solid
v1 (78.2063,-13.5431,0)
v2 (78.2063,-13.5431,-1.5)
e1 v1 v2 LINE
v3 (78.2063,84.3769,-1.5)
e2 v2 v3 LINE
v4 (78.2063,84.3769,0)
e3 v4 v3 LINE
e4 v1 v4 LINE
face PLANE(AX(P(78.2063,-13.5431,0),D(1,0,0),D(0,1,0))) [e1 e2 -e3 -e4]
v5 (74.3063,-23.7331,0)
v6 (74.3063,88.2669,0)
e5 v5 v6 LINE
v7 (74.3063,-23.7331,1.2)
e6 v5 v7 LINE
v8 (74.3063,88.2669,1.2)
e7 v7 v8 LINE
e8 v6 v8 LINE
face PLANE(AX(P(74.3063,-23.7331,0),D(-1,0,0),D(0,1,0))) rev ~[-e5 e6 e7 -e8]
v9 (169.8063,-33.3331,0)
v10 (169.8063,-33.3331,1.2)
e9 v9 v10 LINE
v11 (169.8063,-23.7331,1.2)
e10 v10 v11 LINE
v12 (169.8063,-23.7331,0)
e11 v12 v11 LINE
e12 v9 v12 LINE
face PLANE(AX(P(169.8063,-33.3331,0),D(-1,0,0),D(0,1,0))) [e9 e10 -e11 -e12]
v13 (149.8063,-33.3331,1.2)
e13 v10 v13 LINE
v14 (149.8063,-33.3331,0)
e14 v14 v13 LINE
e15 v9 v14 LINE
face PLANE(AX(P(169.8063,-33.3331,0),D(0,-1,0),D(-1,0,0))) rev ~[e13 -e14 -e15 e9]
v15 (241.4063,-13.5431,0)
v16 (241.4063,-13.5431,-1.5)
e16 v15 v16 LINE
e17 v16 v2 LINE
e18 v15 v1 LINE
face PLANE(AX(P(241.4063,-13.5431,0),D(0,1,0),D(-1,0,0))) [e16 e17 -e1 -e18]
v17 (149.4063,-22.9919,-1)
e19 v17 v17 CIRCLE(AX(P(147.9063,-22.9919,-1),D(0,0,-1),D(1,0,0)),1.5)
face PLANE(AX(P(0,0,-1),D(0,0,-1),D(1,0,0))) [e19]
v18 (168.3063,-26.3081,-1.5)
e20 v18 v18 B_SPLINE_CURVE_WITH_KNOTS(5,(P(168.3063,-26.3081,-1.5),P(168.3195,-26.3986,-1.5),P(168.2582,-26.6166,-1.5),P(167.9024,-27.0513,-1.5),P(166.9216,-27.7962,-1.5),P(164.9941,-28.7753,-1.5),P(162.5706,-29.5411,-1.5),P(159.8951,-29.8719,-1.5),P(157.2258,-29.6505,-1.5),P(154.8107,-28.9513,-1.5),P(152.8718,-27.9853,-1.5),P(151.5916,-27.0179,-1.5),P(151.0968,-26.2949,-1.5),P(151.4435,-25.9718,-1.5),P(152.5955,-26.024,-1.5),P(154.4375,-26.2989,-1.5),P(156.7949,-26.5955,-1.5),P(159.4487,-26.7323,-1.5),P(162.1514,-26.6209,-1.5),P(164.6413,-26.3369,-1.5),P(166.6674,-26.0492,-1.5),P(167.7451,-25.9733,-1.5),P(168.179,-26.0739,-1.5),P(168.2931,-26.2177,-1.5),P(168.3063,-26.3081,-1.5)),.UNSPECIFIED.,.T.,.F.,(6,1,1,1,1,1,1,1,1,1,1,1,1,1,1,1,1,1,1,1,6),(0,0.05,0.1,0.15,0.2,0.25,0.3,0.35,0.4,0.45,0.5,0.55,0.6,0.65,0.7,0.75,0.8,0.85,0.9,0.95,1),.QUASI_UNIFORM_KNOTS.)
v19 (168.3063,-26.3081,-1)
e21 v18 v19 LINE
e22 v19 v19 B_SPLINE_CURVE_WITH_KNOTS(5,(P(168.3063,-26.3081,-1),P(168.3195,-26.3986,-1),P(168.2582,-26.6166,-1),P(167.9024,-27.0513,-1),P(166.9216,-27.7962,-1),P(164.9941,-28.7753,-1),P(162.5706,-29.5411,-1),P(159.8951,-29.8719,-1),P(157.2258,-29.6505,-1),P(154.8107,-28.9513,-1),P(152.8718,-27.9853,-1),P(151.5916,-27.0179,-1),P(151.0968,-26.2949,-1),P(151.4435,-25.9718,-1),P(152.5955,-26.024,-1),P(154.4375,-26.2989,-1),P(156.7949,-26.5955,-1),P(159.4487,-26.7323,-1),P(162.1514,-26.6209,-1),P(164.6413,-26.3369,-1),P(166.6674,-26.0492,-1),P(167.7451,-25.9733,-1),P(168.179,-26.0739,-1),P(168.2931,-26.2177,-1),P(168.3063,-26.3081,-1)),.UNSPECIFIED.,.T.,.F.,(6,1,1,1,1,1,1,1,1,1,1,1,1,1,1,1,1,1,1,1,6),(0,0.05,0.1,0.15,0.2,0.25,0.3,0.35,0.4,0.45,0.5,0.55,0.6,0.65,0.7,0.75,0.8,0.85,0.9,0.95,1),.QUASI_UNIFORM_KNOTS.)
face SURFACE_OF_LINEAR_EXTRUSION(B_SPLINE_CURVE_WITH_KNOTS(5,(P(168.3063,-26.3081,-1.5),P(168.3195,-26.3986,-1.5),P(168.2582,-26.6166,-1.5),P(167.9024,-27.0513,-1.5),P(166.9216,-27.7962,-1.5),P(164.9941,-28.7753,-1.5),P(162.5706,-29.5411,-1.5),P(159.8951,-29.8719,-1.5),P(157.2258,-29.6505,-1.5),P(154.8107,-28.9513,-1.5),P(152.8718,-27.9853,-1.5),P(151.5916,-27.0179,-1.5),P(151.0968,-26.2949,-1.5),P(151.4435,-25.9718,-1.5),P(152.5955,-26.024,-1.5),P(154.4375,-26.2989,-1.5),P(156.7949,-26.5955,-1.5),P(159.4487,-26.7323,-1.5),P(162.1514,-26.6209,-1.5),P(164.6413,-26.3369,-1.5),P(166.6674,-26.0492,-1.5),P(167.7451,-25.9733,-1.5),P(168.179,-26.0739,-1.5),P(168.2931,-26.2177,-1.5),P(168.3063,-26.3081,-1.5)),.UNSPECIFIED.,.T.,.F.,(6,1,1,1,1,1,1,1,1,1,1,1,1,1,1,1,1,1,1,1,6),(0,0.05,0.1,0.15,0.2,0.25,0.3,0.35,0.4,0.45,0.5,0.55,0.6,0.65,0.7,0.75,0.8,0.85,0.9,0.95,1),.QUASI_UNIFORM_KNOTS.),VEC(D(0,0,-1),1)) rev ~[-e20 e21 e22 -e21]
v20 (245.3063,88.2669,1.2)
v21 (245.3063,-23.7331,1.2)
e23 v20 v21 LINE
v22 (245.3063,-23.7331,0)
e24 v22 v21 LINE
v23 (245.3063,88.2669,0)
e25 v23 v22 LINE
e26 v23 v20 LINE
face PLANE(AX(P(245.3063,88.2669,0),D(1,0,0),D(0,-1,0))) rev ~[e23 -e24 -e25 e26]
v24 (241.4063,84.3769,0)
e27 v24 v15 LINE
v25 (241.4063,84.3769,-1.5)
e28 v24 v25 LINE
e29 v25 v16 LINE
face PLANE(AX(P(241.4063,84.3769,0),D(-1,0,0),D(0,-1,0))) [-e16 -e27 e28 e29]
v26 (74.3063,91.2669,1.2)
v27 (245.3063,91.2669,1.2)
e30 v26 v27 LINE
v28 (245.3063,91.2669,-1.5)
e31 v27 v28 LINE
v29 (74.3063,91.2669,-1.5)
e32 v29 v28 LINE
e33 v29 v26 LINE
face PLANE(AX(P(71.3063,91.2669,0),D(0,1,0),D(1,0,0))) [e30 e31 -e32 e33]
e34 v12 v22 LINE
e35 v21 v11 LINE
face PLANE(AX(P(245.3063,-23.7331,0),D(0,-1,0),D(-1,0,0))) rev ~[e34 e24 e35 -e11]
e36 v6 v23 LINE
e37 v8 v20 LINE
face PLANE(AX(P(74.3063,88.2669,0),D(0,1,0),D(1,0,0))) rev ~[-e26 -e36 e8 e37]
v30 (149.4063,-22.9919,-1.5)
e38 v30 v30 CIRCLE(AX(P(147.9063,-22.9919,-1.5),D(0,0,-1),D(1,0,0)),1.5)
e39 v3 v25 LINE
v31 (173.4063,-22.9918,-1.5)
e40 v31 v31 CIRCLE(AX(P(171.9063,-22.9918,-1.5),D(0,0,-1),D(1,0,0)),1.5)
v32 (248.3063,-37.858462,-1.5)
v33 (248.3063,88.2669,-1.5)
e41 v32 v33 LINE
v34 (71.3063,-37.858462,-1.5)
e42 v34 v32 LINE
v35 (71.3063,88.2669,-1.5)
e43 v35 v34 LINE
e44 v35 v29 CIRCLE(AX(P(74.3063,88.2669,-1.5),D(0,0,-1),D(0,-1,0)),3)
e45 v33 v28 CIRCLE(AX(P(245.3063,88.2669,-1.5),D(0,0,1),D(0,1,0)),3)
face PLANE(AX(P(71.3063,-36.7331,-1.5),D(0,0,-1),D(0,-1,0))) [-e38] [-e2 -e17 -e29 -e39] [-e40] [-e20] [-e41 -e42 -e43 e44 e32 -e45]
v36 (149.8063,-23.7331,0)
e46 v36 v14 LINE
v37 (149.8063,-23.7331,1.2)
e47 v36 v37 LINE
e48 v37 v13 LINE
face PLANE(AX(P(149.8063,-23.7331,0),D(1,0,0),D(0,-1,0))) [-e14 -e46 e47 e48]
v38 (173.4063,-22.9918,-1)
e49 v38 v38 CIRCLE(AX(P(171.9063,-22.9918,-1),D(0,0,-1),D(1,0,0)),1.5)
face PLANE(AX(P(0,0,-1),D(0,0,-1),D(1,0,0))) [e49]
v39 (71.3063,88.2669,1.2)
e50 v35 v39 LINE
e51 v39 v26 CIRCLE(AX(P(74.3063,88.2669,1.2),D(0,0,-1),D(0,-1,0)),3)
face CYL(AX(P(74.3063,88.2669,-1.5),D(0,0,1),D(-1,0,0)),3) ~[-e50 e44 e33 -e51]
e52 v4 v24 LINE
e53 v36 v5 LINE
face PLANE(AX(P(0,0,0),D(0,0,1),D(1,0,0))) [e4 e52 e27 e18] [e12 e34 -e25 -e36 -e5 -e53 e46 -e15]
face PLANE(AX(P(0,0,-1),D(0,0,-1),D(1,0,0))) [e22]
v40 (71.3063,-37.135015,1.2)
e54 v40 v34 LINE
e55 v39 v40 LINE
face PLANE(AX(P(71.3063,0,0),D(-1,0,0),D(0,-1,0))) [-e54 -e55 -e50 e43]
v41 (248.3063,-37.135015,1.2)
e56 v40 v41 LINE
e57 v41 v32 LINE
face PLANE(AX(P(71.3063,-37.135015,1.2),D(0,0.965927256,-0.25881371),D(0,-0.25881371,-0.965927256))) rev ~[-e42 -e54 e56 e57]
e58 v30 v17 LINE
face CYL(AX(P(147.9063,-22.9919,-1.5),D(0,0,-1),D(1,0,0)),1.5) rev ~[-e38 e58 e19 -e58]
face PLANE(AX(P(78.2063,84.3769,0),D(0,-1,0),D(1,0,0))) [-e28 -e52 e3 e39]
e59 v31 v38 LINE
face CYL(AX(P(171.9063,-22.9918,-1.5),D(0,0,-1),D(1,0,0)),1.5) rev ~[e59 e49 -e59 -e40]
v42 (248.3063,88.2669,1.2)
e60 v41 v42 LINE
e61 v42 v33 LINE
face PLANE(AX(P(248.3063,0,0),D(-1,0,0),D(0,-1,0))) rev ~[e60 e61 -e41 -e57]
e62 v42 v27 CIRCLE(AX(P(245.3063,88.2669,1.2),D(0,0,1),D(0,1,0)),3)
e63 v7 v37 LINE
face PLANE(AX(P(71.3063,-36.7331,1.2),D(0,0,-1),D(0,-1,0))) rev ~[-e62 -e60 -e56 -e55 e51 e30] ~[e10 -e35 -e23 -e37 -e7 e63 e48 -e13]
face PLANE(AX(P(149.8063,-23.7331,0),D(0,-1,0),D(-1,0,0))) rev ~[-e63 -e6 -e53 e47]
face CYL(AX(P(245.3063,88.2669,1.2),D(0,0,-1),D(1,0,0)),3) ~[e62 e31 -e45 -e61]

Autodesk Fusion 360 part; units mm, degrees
sketch "Sketch1" plane through (0, 0, 0) normal (0, 0, 1) x (1, 0, 0)
  line L0 (78.2063, 84.3769) -> (241.4063, 84.3769)
  line L1 (241.4063, 84.3769) -> (241.4063, -13.5431)
  line L2 (241.4063, -13.5431) -> (78.2063, -13.5431)
  line L3 (78.2063, -13.5431) -> (78.2063, 84.3769)
  line L4 (74.7063, 87.8669) -> (244.9063, 87.8669)
  line L5 (244.9063, 87.8669) -> (244.9063, -23.3331)
  line L6 (244.9063, -23.3331) -> (74.7063, -23.3331)
  line L7 (74.7063, -23.3331) -> (74.7063, 87.8669)
  line L8 (74.7063, 87.8669) -> (244.9063, 87.8669)
  line L9 (244.9063, 87.8669) -> (244.9063, -33.3331)
  line L10 (244.9063, -33.3331) -> (74.7063, -33.3331)
  line L11 (74.7063, -33.3331) -> (74.7063, 87.8669)
  line L12 (149.8063, -33.3331) -> (169.8063, -33.3331)
  line L13 (169.8063, -33.3331) -> (169.8063, -23.3331)
  line L14 (169.8063, -23.3331) -> (149.8063, -23.3331)
  line L15 (149.8063, -23.3331) -> (149.8063, -33.3331)
  line L16 (71.3063, 91.2669) -> (248.3063, 91.2669)
  line L17 (248.3063, 91.2669) -> (248.3063, -36.7331)
  line L18 (248.3063, -36.7331) -> (71.3063, -36.7331)
  line L19 (71.3063, -36.7331) -> (71.3063, 91.2669)
  line L20 (74.3063, 88.2669) -> (245.3063, 88.2669)
  line L21 (245.3063, 88.2669) -> (245.3063, -23.7331)
  line L22 (245.3063, -23.7331) -> (74.3063, -23.7331)
  line L23 (74.3063, -23.7331) -> (74.3063, 88.2669)
  dimension "d1" = 97.92
  dimension "d2" = 163.2
  dimension "d3" = 170.2
  dimension "d4" = 3.5
  dimension "d5" = 111.2
  dimension "d6" = 3.49
  dimension "d7" = 10
  dimension "d8" = 20
  dimension "d9" = 75.1
  dimension "d11" = -3.4
  dimension "d34" = -0.4
  dimension "d35" = 75.1
extrude "Extrude1" add sketch "Sketch1" against normal blind 1.5 contours L4 L5 L7 L8 L9 L11 L20 L21 L22 L23 | L4 L5 L6 L7 L8 L9 L11 L14 | L6 L11 L15 L22 | L6 L9 L13 L22 | L6 L13 L14 L15 L22 | L10 L11 L15 L22 | L9 L10 L13 L22 | L10 L12 L13 L15 L22 | L16 L17 L18 L19
extrude "Extrude2" add sketch "Sketch1" along normal blind 1.2 contours L10 L11 L15 L22 | L9 L10 L13 L22 | L16 L17 L18 L19
sketch "Sketch2" plane through (71.3063, 0, 0) normal (-1, 0, 0) x (0, -1, 0)
  line L0 (-91.2669, 1.2) -> (-91.2669, -1.5)
  line L1 (-91.2669, -1.5) -> (36.7331, -1.5)
  line L2 (36.7331, -1.5) -> (36.7331, 1.2)
  line L3 (36.7331, 1.2) -> (-91.2669, 1.2)
  line L4 (36.7331, -1.5) -> (33.0912, -1.5)
  line L5 (33.0912, -1.5) -> (33.0912, 2.7)
  line L6 (33.0912, 2.7) -> (36.7331, 2.7)
  line L7 (36.7331, 2.7) -> (36.7331, -1.5)
  line L8 (36.7331, 2.7) -> (38.5941, -4.2455)
  line L9 (36.7331, 2.7) -> (43.6271, 2.7) construction
  line L10 (36.7331, -1.5) -> (39.5381, -1.5)
  line L11 (35.2766, 1.2) -> (42.4884, 1.2)
  dimension "d16" = 1.5
  dimension "d17" = 75
extrude "Extrude3" add sketch "Sketch2" against normal up to surface (177 mm away) contours L2 L7 L8 L10 L11
fillet "Fillet1" radius 3 2 edges at (71.3063, 91.2669, -0.15) (248.3063, 91.2669, -0.15)
sketch "Sketch3" plane through (0, 0, -1.5) normal (0, 0, -1) x (1, 0, 0)
  arc A0 (245.3063, -91.2669) -> (248.3063, -88.2669) centre (245.3063, -88.2669) ccw
  line L0 (248.3063, -88.2669) -> (248.3063, 37.8584)
  line L1 (248.3063, 37.8584) -> (71.3063, 37.8584)
  line L2 (71.3063, 37.8584) -> (71.3063, -88.2669)
  arc A1 (71.3063, -88.2669) -> (74.3063, -91.2669) centre (74.3063, -88.2669) ccw
  line L3 (74.3063, -91.2669) -> (245.3063, -91.2669)
  line L4 (78.2063, 13.5431) -> (241.4063, 13.5431)
  line L5 (241.4063, 13.5431) -> (241.4063, -84.3769)
  line L6 (241.4063, -84.3769) -> (78.2063, -84.3769)
  line L7 (78.2063, -84.3769) -> (78.2063, 13.5431)
  spline S0 degree 5 poles (168.3063, 26.3081) (168.3195, 26.3986) (168.2582, 26.6166) (167.9024, 27.0513) (166.9216, 27.7962) (164.9941, 28.7753) (162.5706, 29.5411) (159.8951, 29.8719) (157.2258, 29.6505) (154.8107, 28.9513) (152.8718, 27.9853) (151.5916, 27.0179) (151.0968, 26.2949) (151.4435, 25.9718) (152.5955, 26.024) (154.4375, 26.2989) (156.7949, 26.5955) (159.4487, 26.7323) (162.1514, 26.6209) (164.6413, 26.3369) (166.6674, 26.0492) (167.7451, 25.9733) (168.179, 26.0739) (168.2931, 26.2177) (168.3063, 26.3081) knots 0 0 0 0 0 0 0.05 0.1 0.15 0.2 0.25 0.3 0.35 0.4 0.45 0.5 0.55 0.6 0.65 0.7 0.75 0.8 0.85 0.9 0.95 1 1 1 1 1 1
  circle A2 centre (171.9063, 22.9918) radius 1.5
  circle A3 centre (147.9063, 22.9919) radius 1.5
  point P0 (159.4063, 29.7363)
  point P1 (151.3063, 26.3081)
  point P2 (159.4063, 26.6713)
  dimension "d22" = 80
  dimension "d23" = 80
  dimension "d24" = 3
  dimension "d25" = 3
  dimension "d26" = 88.1
  dimension "d27" = 88.9
  dimension "d28" = 88.1
  dimension "d29" = 24
  dimension "d30" = 3.6
  dimension "d31" = 0.0001
  dimension "d36" = 3.4
sketch "Sketch4" plane through (0, 0, -1.5) normal (0, 0, -1) x (1, 0, 0)
extrude "Extrude4" cut sketch "Sketch3" against normal blind 0.5 contours S0 | A2 | A3
